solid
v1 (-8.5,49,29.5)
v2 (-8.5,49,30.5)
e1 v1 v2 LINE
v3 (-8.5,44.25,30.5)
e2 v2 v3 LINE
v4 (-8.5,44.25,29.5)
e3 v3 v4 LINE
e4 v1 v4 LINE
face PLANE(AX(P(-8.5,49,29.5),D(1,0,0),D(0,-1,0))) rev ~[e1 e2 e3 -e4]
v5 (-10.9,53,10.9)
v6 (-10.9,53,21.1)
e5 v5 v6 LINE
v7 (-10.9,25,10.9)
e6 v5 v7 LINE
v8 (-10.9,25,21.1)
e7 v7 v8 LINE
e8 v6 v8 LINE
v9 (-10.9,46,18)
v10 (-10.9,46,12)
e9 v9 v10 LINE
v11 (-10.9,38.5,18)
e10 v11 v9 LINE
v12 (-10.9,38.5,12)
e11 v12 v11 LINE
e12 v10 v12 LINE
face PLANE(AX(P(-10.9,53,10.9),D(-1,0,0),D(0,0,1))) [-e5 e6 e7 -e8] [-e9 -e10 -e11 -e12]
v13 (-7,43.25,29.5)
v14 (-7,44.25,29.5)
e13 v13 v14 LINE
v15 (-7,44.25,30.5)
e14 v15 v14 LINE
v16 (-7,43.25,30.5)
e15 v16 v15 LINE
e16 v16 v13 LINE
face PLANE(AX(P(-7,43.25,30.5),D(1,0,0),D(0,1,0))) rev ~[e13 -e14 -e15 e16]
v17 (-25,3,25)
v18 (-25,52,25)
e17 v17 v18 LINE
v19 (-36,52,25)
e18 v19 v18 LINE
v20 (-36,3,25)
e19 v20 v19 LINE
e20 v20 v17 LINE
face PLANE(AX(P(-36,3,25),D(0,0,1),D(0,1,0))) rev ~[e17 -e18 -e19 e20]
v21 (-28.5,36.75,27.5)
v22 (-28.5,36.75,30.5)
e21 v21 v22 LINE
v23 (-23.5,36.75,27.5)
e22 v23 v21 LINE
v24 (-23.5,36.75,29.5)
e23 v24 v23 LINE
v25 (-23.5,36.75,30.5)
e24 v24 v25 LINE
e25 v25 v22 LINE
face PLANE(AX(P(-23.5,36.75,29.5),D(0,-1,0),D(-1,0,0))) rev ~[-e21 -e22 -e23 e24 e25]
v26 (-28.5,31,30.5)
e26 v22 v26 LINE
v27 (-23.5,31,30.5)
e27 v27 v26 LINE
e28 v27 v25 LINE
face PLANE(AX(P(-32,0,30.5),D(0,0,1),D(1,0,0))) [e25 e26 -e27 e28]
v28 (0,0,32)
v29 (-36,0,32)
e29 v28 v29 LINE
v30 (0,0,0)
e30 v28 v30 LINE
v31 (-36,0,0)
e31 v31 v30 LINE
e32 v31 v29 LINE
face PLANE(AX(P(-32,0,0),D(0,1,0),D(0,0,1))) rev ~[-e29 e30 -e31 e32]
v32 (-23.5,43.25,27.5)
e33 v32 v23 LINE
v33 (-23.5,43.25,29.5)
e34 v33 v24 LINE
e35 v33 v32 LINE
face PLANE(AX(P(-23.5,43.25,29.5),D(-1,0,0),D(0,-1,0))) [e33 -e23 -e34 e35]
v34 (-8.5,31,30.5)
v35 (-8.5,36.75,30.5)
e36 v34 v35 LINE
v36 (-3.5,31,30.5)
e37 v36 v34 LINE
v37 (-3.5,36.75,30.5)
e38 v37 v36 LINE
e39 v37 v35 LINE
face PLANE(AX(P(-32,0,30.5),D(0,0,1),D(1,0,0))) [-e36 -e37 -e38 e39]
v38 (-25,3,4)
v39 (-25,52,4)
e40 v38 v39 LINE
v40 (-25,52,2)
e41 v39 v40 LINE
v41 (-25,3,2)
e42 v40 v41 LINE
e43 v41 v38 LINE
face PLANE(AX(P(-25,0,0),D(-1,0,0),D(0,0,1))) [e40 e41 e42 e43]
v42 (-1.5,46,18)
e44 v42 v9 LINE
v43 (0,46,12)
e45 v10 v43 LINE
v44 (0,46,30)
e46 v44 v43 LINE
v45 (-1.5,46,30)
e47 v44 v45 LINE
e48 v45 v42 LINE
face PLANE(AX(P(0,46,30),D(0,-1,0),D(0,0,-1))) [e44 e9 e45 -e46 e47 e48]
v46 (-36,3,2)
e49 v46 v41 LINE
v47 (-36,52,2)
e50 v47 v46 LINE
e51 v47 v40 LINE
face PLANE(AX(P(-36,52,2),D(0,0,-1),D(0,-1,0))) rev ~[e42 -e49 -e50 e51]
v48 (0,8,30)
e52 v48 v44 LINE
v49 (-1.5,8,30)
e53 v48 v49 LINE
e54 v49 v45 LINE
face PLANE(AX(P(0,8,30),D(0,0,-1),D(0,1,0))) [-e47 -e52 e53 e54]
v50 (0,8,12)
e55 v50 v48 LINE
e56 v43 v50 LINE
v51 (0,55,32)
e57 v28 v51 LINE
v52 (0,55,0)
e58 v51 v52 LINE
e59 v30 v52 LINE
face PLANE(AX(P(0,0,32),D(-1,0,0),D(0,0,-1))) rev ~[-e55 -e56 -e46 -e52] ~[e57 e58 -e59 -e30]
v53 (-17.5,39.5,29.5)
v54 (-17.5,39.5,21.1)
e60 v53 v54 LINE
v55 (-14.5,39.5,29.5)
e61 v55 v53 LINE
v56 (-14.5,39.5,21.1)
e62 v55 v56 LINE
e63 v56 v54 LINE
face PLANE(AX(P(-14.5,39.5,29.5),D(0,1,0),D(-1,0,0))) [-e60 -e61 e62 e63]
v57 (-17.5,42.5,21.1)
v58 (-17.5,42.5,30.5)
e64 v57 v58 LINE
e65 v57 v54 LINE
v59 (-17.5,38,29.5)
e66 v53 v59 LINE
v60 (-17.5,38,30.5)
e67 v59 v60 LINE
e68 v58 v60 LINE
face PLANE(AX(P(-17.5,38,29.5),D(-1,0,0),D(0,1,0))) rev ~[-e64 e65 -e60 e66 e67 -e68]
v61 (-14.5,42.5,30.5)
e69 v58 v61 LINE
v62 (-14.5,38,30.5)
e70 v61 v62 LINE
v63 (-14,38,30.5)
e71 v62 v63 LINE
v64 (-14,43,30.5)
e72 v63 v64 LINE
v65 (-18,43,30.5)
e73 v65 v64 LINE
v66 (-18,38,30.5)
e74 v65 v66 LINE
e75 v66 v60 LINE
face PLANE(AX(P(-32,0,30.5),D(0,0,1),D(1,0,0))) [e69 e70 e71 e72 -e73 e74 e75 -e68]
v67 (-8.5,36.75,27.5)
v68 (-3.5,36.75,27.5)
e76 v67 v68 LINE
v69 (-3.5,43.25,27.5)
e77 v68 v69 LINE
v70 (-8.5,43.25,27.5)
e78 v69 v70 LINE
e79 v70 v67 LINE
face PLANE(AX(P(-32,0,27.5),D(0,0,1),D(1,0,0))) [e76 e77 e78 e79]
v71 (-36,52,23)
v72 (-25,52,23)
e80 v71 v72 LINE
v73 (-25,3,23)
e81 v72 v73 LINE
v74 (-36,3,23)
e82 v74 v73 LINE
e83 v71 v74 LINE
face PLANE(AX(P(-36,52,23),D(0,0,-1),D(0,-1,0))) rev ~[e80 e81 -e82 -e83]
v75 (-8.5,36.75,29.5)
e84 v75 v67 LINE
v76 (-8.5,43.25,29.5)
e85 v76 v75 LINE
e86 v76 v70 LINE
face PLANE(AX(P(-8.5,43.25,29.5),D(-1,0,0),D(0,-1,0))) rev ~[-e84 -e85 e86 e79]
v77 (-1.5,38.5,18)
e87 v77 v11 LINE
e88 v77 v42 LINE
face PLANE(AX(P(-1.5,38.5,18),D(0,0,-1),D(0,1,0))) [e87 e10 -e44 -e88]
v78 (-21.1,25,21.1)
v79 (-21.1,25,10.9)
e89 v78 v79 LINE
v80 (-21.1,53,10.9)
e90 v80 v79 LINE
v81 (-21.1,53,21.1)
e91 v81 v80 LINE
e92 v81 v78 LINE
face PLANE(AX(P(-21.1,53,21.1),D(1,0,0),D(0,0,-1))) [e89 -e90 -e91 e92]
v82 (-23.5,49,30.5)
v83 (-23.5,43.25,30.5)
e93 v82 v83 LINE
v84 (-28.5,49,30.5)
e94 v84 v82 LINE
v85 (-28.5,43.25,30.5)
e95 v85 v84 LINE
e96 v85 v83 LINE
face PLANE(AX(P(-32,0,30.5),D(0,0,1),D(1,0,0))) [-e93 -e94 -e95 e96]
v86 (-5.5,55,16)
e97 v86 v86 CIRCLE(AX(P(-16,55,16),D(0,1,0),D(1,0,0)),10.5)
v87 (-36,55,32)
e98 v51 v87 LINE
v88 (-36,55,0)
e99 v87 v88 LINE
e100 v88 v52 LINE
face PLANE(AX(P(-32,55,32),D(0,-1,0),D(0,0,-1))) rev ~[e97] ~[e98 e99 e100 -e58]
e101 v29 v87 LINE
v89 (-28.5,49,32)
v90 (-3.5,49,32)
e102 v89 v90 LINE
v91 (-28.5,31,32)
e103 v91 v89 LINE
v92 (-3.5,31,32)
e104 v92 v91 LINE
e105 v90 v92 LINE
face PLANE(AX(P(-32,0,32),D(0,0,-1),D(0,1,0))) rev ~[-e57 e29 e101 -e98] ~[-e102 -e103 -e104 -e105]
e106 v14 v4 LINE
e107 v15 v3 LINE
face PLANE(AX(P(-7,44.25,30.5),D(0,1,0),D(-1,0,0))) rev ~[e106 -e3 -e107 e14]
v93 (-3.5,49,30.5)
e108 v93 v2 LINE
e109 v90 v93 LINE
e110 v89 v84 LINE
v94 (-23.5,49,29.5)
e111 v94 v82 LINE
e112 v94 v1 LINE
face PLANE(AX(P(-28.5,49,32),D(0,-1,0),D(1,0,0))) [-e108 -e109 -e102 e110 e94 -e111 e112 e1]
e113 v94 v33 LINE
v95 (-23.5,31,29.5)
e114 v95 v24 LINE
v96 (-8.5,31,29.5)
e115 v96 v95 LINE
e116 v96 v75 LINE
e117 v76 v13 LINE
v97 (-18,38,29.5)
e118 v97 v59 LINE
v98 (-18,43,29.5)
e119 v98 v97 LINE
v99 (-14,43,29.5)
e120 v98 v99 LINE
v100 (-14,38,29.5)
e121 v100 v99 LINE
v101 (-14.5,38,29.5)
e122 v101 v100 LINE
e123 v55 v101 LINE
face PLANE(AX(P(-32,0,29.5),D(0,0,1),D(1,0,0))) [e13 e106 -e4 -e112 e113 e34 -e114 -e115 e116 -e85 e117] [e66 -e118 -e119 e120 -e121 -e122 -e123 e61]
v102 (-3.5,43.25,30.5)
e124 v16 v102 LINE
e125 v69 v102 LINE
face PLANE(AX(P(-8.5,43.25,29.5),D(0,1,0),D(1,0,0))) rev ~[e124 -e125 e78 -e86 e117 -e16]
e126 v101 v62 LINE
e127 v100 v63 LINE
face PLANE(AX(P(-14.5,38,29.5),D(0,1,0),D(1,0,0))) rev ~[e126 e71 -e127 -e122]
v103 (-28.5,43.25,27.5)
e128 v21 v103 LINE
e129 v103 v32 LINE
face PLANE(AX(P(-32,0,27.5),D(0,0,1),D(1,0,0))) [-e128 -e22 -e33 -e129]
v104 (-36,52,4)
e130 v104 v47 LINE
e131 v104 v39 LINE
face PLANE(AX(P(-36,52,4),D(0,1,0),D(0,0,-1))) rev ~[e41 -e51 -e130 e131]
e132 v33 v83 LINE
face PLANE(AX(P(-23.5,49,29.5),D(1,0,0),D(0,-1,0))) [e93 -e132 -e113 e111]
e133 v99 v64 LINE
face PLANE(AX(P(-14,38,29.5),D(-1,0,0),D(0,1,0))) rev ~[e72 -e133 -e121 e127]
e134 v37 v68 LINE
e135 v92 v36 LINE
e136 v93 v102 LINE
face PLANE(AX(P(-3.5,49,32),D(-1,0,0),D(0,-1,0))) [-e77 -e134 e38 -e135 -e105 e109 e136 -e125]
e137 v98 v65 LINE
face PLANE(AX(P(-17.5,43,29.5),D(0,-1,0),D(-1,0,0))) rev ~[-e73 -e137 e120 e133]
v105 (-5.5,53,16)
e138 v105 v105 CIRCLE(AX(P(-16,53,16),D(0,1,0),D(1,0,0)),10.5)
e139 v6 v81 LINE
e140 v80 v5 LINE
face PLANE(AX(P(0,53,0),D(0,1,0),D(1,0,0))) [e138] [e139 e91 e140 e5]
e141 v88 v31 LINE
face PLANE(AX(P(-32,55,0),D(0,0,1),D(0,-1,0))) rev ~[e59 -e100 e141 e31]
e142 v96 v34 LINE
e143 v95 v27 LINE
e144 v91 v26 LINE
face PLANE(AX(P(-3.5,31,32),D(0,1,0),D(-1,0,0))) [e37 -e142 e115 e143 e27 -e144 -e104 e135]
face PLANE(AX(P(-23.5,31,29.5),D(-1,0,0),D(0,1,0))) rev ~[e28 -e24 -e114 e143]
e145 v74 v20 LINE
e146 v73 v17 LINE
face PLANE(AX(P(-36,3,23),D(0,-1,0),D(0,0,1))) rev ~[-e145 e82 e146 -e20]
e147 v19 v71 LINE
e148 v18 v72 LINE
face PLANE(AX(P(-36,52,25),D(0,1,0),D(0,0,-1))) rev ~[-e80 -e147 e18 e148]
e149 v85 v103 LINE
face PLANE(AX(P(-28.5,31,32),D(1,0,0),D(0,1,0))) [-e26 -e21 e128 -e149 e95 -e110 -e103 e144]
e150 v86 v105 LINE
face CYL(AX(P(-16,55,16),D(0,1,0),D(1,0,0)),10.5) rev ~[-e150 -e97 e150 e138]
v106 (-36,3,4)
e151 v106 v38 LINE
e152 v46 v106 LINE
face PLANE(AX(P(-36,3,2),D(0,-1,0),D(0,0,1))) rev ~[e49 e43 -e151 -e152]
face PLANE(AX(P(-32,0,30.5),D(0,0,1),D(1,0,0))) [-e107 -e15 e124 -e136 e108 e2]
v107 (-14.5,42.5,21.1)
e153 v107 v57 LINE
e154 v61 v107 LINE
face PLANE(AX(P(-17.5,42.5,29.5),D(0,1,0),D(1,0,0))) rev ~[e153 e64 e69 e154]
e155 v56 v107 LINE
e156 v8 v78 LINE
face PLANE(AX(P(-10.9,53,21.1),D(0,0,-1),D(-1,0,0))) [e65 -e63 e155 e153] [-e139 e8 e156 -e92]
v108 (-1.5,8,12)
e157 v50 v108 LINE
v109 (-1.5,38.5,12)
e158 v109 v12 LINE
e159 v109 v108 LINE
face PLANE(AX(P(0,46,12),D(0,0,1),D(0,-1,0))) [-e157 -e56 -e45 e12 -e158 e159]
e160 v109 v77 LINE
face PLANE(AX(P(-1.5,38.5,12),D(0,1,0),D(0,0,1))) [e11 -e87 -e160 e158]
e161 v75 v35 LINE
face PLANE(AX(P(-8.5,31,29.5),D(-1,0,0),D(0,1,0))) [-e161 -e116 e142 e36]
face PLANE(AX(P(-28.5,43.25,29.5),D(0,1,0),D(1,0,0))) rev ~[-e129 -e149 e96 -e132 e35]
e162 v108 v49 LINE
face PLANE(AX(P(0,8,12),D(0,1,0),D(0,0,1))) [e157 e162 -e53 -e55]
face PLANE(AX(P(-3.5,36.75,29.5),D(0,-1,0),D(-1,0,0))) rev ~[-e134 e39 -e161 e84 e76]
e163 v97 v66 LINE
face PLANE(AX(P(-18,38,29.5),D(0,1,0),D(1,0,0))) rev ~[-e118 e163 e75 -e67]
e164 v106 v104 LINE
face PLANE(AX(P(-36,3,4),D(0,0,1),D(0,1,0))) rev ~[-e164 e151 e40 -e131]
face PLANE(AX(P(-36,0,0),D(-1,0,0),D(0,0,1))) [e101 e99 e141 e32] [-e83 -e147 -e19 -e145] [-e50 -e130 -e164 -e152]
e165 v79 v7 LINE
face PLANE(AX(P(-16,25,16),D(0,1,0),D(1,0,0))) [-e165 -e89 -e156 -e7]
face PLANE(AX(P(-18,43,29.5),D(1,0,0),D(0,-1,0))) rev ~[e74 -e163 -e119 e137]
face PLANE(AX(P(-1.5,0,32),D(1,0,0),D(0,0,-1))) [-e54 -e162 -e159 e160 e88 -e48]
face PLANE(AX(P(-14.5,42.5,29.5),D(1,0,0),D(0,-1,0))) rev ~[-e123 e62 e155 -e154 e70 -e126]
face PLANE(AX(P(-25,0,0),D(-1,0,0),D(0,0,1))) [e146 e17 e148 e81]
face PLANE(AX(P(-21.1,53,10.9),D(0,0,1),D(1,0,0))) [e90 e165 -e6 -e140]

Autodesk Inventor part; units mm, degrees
ref_plane "YZ Plane" through (0, 0, 0) normal (1, 0, 0) x (0, 1, 0)
ref_plane "XZ Plane" through (0, 0, 0) normal (0, 1, 0) x (-1, 0, 0)
ref_plane "XY Plane" through (0, 0, 0) normal (0, 0, 1) x (1, 0, 0)
sketch "Sketch1" plane through (0, 0, 0) normal (0, 1, 0) x (-1, 0, 0)
  line L0 (32, 32) -> (0, 32)
  line L1 (0, 32) -> (0, 0)
  line L2 (0, 0) -> (32, 0)
  line L3 (32, 0) -> (32, 32)
extrude "Extrusion1" add sketch "Sketch1" along normal blind 55
sketch "Sketch3" plane through (-32, 0, 32) normal (0, 0, 1) x (1, 0, 0)
  line L0 (3.5, 49) -> (28.5, 49)
  line L1 (28.5, 49) -> (28.5, 31)
  line L2 (28.5, 31) -> (3.5, 31)
  line L3 (3.5, 31) -> (3.5, 49)
  line L4 (3.5, 49) -> (3.5, 43.25)
  line L5 (3.5, 36.75) -> (3.5, 43.25)
  line L6 (28.5, 49) -> (28.5, 43.25)
  line L7 (28.5, 36.75) -> (28.5, 43.25)
  line L8 (3.5, 43.25) -> (3.5, 36.75)
  line L9 (28.5, 43.25) -> (28.5, 36.75)
  point P0 (32, 0)
extrude "Extrusion3" cut sketch "Sketch3" against normal blind 2.5
sketch "Sketch4" plane through (-32, 0, 29.5) normal (0, 0, 1) x (1, 0, 0)
  line L0 (3.5, 49) -> (28.5, 49) projected
  line L1 (3.5, 49) -> (3.5, 43.25)
  line L2 (28.5, 31) -> (3.5, 31) projected
  line L3 (3.5, 36.75) -> (3.5, 31)
  line L4 (3.5, 31) -> (28.5, 31)
  line L5 (28.5, 31) -> (28.5, 36.75)
  line L6 (28.5, 49) -> (28.5, 31) projected
  line L7 (28.5, 43.25) -> (28.5, 49)
  line L8 (28.5, 49) -> (3.5, 49)
  point P0 (32, 0)
sketch "Sketch5" plane through (-32, 0, 29.5) normal (0, 0, 1) x (1, 0, 0)
  line L0 (3.5, 43.25) -> (8.5, 43.25)
  line L1 (8.5, 43.25) -> (8.5, 36.75)
  line L2 (8.5, 36.75) -> (3.5, 36.75)
  line L3 (3.5, 36.75) -> (3.5, 43.25)
  point P0 (32, 0)
sketch "Sketch6" plane through (-32, 0, 29.5) normal (0, 0, 1) x (1, 0, 0)
  line L0 (28.5, 43.25) -> (23.5, 43.25)
  line L1 (23.5, 43.25) -> (23.5, 36.75)
  line L2 (23.5, 36.75) -> (28.5, 36.75)
  line L3 (28.5, 36.75) -> (28.5, 43.25)
  point P0 (32, 0)
extrude "Extrusion4" cut sketch "Sketch5" against normal blind 2
extrude "Extrusion5" cut sketch "Sketch6" against normal blind 2
sketch "Sketch7" plane through (-32, 0, 29.5) normal (0, 0, 1) x (1, 0, 0)
  line L0 (3.5, 43.25) -> (8.5, 43.25) projected
  line L1 (3.5, 43.25) -> (3.5, 49) projected
  line L2 (8.5, 43.25) -> (3.5, 43.25)
  line L3 (3.5, 43.25) -> (3.5, 49)
  line L4 (3.5, 49) -> (8.5, 49)
  line L5 (8.5, 49) -> (8.5, 43.25)
  point P0 (32, 0)
sketch "Sketch8" plane through (-32, 0, 29.5) normal (0, 0, 1) x (1, 0, 0)
  line L0 (8.5, 36.75) -> (3.5, 36.75) projected
  line L1 (28.5, 31) -> (3.5, 31) projected
  line L2 (8.5, 36.75) -> (3.5, 36.75)
  line L3 (3.5, 36.75) -> (3.5, 31)
  line L4 (3.5, 31) -> (8.5, 31)
  line L5 (8.5, 31) -> (8.5, 36.75)
  point P0 (32, 0)
sketch "Sketch9" plane through (-32, 0, 29.5) normal (0, 0, 1) x (1, 0, 0)
  line L0 (28.5, 36.75) -> (23.5, 36.75) projected
  line L1 (28.5, 31) -> (3.5, 31) projected
  line L2 (23.5, 36.75) -> (28.5, 36.75)
  line L3 (28.5, 36.75) -> (28.5, 31)
  line L4 (28.5, 31) -> (23.5, 31)
  line L5 (23.5, 31) -> (23.5, 36.75)
  point P0 (32, 0)
sketch "Sketch10" plane through (-32, 0, 29.5) normal (0, 0, 1) x (1, 0, 0)
  line L0 (23.5, 43.25) -> (28.5, 43.25) projected
  line L1 (28.5, 49) -> (28.5, 43.25) projected
  line L2 (23.5, 43.25) -> (28.5, 43.25)
  line L3 (28.5, 43.25) -> (28.5, 49)
  line L4 (28.5, 49) -> (23.5, 49)
  line L5 (23.5, 49) -> (23.5, 43.25)
  point P0 (32, 0)
extrude "Extrusion6" add sketch "Sketch7" along normal blind 1
extrude "Extrusion7" add sketch "Sketch8" along normal blind 1
extrude "Extrusion8" add sketch "Sketch9" along normal blind 1
extrude "Extrusion9" add sketch "Sketch10" along normal blind 1
sketch "Sketch11" plane through (-32, 0, 30.5) normal (0, 0, 1) x (1, 0, 0)
  line L0 (23.5, 43.25) -> (28.5, 43.25) projected
  line L1 (23.5, 43.25) -> (25, 43.25)
  line L2 (25, 43.25) -> (25, 44.25)
  line L3 (25, 44.25) -> (23.5, 44.25)
  line L4 (23.5, 44.25) -> (23.5, 43.25)
  point P0 (32, 0)
extrude "Extrusion10" cut sketch "Sketch11" against normal blind 1
sketch "Sketch12" plane through (-32, 0, 29.5) normal (0, 0, 1) x (1, 0, 0)
  line L0 (8.5, 49) -> (8.5, 43.25) projected
  line L1 (23.5, 31) -> (8.5, 31) projected
  line L2 (23.5, 49) -> (23.5, 44.25) projected
  point P0 (32, 0)
sketch "Sketch13" plane through (-32, 0, 29.5) normal (0, 0, 1) x (1, 0, 0)
  point P0 (32, 0)
sketch "Sketch14" plane through (-32, 0, 29.5) normal (0, 0, 1) x (1, 0, 0)
  line L0 (23.5, 44.25) -> (23.5, 49) projected
  line L1 (23.5, 49) -> (17.5, 49)
  line L2 (14.5, 43) -> (17.5, 43)
  line L3 (17.5, 38) -> (18, 38)
  line L4 (18, 38) -> (18, 43)
  line L5 (18, 43) -> (14, 43)
  line L6 (14, 43) -> (14, 38)
  line L7 (14, 38) -> (14.5, 38)
  line L8 (14.5, 38) -> (14.5, 42)
  line L9 (3.5, 43.25) -> (8.5, 43.25) projected
  line L10 (14.5, 42) -> (14.5, 42.5)
  line L11 (14.5, 42.5) -> (17.5, 42.5)
  line L12 (17.5, 42.5) -> (17.5, 38)
  point P0 (32, 0)
extrude "Extrusion11" add sketch "Sketch14" along normal blind 1
sketch "Sketch15" plane through (-32, 0, 29.5) normal (0, 0, 1) x (1, 0, 0)
  line L0 (14.5, 42.5) -> (14.5, 38) projected
  line L1 (14.5, 42.5) -> (17.5, 42.5)
  line L2 (17.5, 42.5) -> (17.5, 39.5)
  line L3 (17.5, 39.5) -> (14.5, 39.5)
  line L4 (14.5, 39.5) -> (14.5, 42.5)
  point P0 (32, 0)
extrude "Extrusion12" cut sketch "Sketch15" against normal blind 8.5
sketch "Sketch16" plane through (-32, 0, 32) normal (0, 0, 1) x (1, 0, 0)
  point P0 (32, 0)
sketch "Sketch17" plane through (0, 0, 32) normal (1, 0, 0) x (0, 0, -1)
  line L0 (2, 46) -> (20, 46)
  line L1 (20, 46) -> (20, 8)
  line L2 (20, 8) -> (2, 8)
  line L3 (2, 8) -> (2, 46)
  point P0 (32, 0)
extrude "Extrusion13" cut sketch "Sketch17" against normal blind 1.5
sketch "Sketch18" plane through (-1.5, 0, 32) normal (1, 0, 0) x (0, 0, -1)
  line L0 (20, 38.5) -> (14, 38.5)
  line L1 (14, 38.5) -> (14, 46)
  line L2 (14, 46) -> (20, 46)
  line L3 (20, 46) -> (20, 38.5)
  point P0 (32, 0)
extrude "Extrusion14" cut sketch "Sketch18" against normal blind 9.5
sketch "Sketch19" plane through (0, 55, 0) normal (0, 1, 0) x (1, 0, 0)
  circle A0 centre (-16, -16) radius 10.5
  point P0 (0, 0)
sketch "Sketch20" plane through (0, 55, 0) normal (0, 1, 0) x (1, 0, 0)
  point P0 (0, 0)
extrude "Extrusion15" cut sketch "Sketch19" against normal blind 2
sketch "Sketch21" plane through (-32, 0, 0) normal (-1, 0, 0) x (0, 0, 1)
  line L0 (32, 0) -> (32, 55) projected
  line L1 (0, 0) -> (32, 0)
  line L2 (32, 0) -> (32, 55)
  line L3 (32, 55) -> (0, 55)
  line L4 (0, 55) -> (0, 0)
extrude "Extrusion16" add sketch "Sketch21" along normal blind 4
sketch "Sketch22" plane through (-36, 0, 0) normal (-1, 0, 0) x (0, 0, 1)
  line L0 (2, 3) -> (4, 3)
  line L1 (4, 3) -> (4, 52)
  line L2 (4, 52) -> (2, 52)
  line L3 (2, 52) -> (2, 3)
  line L4 (23, 3) -> (25, 3)
  line L5 (25, 3) -> (25, 52)
  line L6 (25, 52) -> (23, 52)
  line L7 (23, 52) -> (23, 3)
  point P0 (0, 0)
extrude "Extrusion17" cut sketch "Sketch22" against normal blind 11
sketch "Sketch24" plane through (-16, 53, 16) normal (0, 1, 0) x (1, 0, 0)
  line L0 (-5.1, 5.1) -> (5.1, 5.1)
  line L1 (5.1, 5.1) -> (5.1, -5.1)
  line L2 (5.1, -5.1) -> (-5.1, -5.1)
  line L3 (-5.1, -5.1) -> (-5.1, 5.1)
  point P0 (16, 16)
extrude "Extrusion19" cut sketch "Sketch24" against normal blind 28
properties part number "Cuvette Holder v2_3DPrint"
